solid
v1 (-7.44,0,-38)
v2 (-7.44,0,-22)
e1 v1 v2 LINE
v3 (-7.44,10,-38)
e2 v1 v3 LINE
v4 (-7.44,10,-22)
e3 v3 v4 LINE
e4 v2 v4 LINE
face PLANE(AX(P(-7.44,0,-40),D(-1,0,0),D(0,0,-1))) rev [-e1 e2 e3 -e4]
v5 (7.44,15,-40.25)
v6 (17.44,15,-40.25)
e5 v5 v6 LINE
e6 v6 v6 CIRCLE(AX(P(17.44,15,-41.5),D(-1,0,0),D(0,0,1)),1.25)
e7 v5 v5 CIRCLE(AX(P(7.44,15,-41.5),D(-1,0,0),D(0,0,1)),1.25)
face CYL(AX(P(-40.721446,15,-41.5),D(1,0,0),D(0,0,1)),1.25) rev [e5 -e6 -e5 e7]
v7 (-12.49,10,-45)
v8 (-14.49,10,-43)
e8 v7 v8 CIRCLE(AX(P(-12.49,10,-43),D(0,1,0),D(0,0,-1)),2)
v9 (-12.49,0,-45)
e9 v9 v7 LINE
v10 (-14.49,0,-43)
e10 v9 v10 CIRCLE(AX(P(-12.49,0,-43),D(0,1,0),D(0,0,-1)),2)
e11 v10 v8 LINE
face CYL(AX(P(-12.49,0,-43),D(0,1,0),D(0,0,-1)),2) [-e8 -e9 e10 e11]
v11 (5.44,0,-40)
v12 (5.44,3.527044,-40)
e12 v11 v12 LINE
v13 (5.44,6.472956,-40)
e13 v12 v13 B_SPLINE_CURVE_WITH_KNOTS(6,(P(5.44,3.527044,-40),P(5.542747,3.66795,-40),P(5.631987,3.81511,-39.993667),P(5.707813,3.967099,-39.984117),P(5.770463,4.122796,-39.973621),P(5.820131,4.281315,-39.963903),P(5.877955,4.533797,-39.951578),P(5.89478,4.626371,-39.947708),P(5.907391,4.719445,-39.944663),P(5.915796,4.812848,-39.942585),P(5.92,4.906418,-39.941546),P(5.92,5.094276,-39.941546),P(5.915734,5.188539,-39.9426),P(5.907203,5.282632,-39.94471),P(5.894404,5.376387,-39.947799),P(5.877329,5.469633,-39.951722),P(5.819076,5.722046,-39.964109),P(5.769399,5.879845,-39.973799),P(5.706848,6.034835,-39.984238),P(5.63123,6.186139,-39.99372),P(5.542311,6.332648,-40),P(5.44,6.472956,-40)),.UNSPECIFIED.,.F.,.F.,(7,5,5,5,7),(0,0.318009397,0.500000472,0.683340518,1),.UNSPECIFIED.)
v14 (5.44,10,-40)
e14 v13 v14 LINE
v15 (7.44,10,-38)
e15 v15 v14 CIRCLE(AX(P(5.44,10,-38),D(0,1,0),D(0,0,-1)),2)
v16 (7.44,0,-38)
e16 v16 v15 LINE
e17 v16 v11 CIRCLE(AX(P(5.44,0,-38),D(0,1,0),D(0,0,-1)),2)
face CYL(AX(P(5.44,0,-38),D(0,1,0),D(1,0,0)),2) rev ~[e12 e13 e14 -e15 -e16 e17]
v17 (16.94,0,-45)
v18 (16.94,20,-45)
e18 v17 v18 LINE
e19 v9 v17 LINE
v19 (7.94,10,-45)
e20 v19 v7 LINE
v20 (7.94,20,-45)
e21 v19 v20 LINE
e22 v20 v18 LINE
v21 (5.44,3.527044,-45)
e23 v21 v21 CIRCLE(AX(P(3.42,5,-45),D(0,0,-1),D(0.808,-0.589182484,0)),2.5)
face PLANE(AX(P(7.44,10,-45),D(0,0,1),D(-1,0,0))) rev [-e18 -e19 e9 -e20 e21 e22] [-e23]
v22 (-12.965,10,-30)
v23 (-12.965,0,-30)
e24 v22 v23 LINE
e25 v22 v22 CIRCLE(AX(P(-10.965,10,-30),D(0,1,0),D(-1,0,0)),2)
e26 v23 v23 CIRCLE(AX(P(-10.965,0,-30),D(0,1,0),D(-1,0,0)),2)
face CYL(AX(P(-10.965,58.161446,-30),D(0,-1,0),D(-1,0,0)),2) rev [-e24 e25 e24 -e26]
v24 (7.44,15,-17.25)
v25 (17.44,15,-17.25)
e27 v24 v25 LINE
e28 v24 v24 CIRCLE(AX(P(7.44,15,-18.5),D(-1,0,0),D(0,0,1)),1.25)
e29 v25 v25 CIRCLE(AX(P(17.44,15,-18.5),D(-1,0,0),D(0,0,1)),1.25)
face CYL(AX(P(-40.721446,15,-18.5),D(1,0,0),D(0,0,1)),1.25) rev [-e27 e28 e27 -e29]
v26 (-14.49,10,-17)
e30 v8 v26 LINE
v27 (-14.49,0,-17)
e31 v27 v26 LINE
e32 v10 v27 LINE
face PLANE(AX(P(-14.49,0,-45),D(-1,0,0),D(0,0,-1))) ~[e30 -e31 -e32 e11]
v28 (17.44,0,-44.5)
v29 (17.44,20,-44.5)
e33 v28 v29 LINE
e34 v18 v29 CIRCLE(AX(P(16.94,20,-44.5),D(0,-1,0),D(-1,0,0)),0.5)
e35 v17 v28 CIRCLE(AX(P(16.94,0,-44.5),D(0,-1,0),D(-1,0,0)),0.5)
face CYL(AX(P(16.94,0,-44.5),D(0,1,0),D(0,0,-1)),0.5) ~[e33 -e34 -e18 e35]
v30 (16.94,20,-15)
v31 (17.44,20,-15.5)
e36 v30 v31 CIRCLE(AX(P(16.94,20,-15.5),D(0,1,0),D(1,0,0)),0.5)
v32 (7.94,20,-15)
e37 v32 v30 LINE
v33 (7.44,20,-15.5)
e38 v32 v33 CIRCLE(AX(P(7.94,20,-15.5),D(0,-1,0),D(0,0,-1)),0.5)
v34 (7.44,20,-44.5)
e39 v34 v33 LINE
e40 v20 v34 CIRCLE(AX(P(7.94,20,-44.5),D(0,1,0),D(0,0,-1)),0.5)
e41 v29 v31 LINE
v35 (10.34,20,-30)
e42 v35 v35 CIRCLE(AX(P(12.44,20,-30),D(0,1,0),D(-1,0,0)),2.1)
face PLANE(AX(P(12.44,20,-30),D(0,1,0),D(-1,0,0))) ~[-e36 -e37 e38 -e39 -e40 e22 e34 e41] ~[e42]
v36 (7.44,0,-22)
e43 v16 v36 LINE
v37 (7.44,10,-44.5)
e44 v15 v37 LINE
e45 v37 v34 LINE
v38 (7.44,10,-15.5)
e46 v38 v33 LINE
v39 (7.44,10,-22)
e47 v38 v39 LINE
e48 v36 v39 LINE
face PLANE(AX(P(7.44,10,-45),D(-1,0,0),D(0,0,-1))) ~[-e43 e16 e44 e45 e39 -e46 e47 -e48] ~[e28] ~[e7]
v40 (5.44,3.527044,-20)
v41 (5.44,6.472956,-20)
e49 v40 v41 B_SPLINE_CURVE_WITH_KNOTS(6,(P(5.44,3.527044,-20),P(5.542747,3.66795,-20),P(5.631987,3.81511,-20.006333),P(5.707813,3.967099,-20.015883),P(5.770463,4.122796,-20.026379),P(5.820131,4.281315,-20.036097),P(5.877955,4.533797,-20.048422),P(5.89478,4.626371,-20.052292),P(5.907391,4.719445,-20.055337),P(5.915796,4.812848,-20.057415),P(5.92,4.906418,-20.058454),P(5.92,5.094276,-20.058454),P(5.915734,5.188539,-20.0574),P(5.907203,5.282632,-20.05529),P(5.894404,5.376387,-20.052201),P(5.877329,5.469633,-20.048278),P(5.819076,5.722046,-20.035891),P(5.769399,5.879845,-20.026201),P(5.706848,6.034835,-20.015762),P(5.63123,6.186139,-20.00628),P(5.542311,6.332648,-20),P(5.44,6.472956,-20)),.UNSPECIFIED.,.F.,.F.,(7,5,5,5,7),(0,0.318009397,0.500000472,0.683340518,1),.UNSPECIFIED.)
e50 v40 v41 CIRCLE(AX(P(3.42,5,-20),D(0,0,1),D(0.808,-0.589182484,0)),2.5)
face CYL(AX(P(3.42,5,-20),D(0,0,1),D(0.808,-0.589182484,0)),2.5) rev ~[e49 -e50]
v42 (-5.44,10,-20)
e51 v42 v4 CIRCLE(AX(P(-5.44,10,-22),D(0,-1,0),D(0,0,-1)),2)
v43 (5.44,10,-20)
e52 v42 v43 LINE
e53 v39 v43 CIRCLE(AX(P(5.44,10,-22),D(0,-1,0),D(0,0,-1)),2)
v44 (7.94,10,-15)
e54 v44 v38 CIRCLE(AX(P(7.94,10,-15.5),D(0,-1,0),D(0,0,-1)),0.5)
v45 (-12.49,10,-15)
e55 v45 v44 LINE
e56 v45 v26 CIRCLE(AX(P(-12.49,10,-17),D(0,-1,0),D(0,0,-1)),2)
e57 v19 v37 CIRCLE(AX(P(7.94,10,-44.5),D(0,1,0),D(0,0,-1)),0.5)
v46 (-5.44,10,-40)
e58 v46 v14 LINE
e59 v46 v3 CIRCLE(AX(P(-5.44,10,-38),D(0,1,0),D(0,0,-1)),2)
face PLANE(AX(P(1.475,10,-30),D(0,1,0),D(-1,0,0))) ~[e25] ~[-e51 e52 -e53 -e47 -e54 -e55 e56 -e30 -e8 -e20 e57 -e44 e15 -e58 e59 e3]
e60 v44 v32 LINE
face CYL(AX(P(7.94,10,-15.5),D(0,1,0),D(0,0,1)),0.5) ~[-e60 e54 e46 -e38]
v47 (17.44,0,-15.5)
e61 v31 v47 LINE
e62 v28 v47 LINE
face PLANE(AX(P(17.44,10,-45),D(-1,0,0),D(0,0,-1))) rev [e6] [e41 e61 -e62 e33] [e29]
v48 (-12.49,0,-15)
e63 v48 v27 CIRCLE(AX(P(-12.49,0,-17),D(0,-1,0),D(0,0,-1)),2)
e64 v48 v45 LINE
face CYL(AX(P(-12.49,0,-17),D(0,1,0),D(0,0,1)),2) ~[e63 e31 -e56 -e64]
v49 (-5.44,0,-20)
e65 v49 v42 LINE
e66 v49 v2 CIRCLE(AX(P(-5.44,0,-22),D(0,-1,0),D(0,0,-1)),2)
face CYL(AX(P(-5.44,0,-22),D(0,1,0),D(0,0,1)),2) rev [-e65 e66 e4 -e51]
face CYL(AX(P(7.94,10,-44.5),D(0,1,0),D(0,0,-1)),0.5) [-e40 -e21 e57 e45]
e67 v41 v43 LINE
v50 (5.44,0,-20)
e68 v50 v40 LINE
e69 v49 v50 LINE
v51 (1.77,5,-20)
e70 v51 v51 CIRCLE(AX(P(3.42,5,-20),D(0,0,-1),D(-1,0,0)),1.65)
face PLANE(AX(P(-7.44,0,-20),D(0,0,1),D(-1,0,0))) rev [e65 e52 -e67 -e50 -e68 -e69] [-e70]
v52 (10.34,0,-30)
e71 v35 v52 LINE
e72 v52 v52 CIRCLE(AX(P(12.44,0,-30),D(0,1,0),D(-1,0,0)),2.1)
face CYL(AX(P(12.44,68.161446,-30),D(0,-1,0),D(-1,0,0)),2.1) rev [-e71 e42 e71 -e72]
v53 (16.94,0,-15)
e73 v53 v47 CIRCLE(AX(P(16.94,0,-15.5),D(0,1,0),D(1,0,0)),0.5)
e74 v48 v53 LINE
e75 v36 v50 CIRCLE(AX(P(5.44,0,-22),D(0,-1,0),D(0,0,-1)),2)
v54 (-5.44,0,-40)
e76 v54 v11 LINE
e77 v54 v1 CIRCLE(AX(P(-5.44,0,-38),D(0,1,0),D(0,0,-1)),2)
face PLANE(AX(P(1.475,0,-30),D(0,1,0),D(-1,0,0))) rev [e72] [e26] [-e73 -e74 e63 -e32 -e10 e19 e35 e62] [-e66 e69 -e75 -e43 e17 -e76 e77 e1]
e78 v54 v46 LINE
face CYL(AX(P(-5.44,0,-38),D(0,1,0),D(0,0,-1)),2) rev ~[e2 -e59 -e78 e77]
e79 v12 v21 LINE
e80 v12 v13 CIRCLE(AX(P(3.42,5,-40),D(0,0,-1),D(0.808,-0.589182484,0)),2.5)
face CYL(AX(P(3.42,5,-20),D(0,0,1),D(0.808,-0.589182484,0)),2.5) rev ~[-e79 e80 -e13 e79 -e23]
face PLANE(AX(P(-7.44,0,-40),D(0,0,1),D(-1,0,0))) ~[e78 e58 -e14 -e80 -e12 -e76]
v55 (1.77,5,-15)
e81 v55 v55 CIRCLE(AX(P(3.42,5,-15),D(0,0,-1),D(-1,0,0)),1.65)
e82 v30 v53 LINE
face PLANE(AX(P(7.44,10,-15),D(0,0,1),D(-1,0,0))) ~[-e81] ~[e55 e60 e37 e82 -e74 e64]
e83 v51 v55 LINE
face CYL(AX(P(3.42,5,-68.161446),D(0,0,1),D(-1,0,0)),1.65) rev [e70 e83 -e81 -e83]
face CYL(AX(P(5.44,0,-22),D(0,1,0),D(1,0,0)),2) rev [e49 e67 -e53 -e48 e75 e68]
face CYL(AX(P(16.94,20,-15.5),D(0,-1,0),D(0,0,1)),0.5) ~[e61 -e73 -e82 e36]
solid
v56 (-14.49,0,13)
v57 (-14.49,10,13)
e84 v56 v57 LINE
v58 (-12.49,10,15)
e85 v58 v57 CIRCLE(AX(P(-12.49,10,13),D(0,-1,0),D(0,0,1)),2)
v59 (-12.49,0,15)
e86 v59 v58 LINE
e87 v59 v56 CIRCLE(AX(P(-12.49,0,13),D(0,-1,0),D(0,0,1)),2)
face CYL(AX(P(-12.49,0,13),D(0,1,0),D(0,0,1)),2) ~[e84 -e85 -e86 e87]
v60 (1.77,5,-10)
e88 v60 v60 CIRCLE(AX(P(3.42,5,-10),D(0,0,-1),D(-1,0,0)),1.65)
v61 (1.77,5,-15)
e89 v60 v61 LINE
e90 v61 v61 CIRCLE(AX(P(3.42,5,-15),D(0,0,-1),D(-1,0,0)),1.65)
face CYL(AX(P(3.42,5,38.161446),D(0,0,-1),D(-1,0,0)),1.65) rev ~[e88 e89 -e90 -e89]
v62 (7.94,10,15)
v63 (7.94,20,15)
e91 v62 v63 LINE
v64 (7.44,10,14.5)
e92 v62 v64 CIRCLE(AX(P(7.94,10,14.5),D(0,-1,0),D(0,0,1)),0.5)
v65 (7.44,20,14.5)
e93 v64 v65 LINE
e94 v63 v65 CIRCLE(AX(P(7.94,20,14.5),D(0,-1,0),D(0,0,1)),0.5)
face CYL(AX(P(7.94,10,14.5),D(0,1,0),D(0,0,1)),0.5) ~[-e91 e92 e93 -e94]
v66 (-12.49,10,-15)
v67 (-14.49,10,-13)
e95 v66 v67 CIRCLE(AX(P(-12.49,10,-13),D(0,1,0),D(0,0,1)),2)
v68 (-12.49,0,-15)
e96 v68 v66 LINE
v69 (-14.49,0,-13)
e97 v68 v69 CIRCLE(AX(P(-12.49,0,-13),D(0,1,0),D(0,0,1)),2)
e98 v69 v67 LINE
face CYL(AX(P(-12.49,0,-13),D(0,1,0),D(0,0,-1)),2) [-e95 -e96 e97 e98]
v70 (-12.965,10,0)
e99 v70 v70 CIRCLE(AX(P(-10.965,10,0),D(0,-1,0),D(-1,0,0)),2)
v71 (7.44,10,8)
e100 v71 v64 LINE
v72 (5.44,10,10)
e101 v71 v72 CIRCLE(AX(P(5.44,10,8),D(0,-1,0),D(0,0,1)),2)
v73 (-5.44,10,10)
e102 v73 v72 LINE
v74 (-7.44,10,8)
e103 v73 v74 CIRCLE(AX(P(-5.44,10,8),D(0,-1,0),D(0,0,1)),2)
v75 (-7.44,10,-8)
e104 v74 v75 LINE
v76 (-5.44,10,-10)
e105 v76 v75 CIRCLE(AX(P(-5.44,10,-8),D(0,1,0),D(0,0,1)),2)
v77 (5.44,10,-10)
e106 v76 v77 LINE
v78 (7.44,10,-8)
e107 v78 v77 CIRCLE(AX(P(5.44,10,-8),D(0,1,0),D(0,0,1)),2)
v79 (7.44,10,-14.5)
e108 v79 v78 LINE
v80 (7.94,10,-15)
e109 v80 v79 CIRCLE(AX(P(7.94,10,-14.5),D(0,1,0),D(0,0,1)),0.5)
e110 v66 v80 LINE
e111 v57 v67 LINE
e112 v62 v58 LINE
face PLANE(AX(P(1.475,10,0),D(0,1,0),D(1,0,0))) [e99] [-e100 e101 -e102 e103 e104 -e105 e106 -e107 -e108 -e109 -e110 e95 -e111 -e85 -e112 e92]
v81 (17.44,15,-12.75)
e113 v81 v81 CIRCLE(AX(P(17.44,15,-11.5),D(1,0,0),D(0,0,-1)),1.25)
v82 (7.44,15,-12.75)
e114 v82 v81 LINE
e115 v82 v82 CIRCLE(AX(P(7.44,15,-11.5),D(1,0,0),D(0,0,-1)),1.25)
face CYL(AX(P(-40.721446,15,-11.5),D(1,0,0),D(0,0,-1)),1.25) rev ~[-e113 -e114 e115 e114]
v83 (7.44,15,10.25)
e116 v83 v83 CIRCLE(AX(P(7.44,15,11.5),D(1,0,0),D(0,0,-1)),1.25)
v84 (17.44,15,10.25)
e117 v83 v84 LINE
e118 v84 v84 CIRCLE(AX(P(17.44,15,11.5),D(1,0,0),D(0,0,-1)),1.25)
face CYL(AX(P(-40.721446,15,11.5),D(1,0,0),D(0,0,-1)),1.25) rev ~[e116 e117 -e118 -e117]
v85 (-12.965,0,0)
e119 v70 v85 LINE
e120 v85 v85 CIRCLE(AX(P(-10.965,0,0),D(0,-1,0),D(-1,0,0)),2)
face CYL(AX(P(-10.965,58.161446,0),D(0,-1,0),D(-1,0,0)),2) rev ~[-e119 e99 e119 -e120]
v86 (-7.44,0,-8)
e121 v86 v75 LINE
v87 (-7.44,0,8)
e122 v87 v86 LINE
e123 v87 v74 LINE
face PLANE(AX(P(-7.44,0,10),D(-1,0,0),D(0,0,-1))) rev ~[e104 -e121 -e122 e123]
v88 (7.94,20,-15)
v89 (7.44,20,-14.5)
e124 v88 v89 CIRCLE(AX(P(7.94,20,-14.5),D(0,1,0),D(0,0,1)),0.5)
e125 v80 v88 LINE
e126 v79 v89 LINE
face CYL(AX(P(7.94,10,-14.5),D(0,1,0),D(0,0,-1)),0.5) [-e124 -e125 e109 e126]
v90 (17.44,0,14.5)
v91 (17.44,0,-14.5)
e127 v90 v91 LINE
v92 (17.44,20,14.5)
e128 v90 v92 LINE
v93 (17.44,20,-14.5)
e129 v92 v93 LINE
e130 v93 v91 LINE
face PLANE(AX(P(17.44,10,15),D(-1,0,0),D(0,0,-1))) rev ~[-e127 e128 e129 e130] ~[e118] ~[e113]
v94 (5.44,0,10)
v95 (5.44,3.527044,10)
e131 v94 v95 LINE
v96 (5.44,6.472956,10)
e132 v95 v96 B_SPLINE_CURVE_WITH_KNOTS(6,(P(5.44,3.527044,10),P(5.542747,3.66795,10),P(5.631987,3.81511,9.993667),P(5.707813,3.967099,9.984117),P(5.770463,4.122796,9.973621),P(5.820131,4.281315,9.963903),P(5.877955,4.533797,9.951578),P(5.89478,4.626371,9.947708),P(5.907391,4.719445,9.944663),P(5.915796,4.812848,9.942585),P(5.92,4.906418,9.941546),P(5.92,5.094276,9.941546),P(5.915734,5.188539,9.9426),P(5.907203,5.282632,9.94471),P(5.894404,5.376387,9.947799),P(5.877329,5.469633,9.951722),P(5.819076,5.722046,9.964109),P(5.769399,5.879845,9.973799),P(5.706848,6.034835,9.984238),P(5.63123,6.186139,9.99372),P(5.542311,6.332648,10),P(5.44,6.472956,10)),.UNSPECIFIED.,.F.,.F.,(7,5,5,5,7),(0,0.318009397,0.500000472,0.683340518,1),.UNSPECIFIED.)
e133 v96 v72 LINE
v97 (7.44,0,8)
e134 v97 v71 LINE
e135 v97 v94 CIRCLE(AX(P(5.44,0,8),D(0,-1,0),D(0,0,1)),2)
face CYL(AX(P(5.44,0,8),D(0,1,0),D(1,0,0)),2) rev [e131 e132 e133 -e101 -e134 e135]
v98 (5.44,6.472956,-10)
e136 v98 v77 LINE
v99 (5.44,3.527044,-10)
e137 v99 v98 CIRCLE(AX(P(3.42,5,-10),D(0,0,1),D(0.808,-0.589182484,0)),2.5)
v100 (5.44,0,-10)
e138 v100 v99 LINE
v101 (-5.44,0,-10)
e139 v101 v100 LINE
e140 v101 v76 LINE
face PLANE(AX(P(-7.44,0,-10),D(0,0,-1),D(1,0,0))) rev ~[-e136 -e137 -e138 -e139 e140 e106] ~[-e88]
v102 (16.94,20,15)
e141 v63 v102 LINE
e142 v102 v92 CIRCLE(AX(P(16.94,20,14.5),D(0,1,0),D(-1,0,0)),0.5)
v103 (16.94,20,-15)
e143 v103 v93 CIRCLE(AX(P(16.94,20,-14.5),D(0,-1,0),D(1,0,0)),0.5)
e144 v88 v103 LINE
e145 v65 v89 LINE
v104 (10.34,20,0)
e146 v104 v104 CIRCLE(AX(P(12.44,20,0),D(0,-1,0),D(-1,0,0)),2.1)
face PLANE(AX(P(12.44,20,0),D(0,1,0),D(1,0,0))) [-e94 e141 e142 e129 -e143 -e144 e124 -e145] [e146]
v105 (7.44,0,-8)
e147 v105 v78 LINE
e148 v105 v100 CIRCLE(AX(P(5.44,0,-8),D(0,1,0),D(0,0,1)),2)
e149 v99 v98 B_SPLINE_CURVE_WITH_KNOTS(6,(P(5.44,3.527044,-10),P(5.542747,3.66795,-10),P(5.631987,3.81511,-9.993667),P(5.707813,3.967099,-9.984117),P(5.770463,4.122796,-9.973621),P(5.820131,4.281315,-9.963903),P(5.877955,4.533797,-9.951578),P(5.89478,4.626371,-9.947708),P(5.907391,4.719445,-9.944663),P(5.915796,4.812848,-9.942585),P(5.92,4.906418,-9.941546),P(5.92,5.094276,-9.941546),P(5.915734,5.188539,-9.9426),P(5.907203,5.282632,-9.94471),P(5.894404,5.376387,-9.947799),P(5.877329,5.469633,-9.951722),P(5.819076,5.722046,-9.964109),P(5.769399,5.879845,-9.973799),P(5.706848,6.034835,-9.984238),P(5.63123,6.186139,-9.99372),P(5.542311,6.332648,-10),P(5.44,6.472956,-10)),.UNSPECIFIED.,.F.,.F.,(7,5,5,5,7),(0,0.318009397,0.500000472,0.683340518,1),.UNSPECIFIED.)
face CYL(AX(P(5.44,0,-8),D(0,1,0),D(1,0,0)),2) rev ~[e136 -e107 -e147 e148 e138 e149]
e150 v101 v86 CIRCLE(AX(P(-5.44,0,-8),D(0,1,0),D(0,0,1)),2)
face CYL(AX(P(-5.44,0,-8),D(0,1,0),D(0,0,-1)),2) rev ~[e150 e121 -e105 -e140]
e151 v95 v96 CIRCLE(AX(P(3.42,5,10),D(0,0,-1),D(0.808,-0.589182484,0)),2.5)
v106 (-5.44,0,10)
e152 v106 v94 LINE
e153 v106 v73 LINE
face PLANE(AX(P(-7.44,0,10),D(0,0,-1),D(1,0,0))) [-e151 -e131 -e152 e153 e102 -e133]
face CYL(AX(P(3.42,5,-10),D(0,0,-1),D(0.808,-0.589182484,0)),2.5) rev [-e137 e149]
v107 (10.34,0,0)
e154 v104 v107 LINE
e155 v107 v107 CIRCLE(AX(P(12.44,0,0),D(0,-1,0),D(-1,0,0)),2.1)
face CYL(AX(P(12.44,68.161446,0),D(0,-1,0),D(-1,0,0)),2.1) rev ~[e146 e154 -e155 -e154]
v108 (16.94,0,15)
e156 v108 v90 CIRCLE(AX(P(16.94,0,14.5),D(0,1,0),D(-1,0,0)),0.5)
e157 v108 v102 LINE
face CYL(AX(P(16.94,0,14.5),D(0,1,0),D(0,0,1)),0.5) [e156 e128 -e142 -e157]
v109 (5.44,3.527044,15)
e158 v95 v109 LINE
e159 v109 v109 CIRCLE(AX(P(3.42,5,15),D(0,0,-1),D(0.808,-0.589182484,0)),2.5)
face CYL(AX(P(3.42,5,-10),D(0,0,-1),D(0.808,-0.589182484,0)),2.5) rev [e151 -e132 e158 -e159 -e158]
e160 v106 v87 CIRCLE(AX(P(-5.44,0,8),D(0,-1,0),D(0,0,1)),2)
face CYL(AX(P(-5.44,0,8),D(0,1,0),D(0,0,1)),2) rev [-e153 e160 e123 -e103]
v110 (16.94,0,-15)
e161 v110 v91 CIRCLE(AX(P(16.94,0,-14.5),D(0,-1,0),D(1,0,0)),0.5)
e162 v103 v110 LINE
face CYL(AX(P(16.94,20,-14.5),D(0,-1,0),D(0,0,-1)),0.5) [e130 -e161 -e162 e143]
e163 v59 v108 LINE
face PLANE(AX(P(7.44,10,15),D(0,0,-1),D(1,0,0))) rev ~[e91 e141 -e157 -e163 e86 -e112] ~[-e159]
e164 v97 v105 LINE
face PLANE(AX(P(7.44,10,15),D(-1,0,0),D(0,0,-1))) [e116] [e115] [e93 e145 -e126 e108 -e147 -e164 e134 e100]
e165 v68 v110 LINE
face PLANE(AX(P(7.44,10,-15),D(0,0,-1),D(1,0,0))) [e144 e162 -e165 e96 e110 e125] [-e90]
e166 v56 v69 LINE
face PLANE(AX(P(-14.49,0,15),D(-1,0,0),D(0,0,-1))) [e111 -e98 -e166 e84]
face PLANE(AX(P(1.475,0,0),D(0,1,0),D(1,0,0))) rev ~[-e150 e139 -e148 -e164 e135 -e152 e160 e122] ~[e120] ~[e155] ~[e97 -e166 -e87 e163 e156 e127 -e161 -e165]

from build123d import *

# Parameters (mm, degrees)
SKETCH1_W                   = 31.93
SKETCH1_H                   = 30
SKETCH1_W_2                 = 14.88
SKETCH1_H_2                 = 20
BOSS_EXTRUDE1_DEPTH         = 10
SKETCH2_W                   = 10
SKETCH2_H                   = 30
BOSS_EXTRUDE2_DEPTH         = 10
TAP_DRILL_FOR_M5X0_8_TAP1_D = 4.2
FILLET2_R                   = 2
SKETCH5_R                   = 2.5
CUT_EXTRUDE2_DEPTH          = 37.457558887
TAP_DRILL_FOR_M4X0_7_TAP1_D = 3.3
FILLET3_R                   = 2
FILLET4_R                   = 0.5
TAP_DRILL_FOR_M3X0_5_TAP1_D = 2.5
F_4_0_4_DIAMETER_HOLE1_D    = 4


with BuildPart() as part:
    # Sketch1 → Boss-Extrude1 (new body)
    with BuildSketch(Plane(origin=(0, 0, 0), x_dir=(1, 0, 0), z_dir=(0, 1, 0))):
        with Locations((1.475, 0)):
            Rectangle(SKETCH1_W, SKETCH1_H)
        Rectangle(SKETCH1_W_2, SKETCH1_H_2, mode=Mode.SUBTRACT)
    extrude(amount=BOSS_EXTRUDE1_DEPTH)

    # Sketch2 → Boss-Extrude2 (add)
    with BuildSketch(Plane(origin=(0, 10, 0), x_dir=(1, 0, 0), z_dir=(0, 1, 0))):
        with Locations((12.44, 0)):
            Rectangle(SKETCH2_W, SKETCH2_H)
    extrude(amount=BOSS_EXTRUDE2_DEPTH)

    # Tap Drill for M5x0.8 Tap1 (through all)
    with Locations(Plane(origin=(0, 20, 0), x_dir=(1, 0, 0), z_dir=(0, 1, 0))):
        with Locations((12.44, 0)):
            Hole(TAP_DRILL_FOR_M5X0_8_TAP1_D / 2)

    # Fillet2
    fillet2_edges = [part.edges().sort_by_distance(p)[0] for p in [
        (-7.44, 5, -10),
        (-7.44, 5, 10),
        (7.44, 5, 10),
        (7.44, 5, -10),
    ]]
    fillet(fillet2_edges, radius=FILLET2_R)

    # Sketch5 → Cut-Extrude2 (cut, through all)
    with BuildSketch(Plane.XY.offset(-10)):
        with Locations(Location((3.42, 5, 0), (0, 0, 323.900983741))):
            Circle(SKETCH5_R)
    extrude(amount=CUT_EXTRUDE2_DEPTH, mode=Mode.SUBTRACT)

    # Tap Drill for M4x0.7 Tap1 (through all)
    with Locations(Plane.XY.offset(-10)):
        with Locations((3.42, 5)):
            Hole(TAP_DRILL_FOR_M4X0_7_TAP1_D / 2)

    # Fillet3
    fillet3_edges = [part.edges().sort_by_distance(p)[0] for p in [
        (-14.49, 5, -15),
        (-14.49, 5, 15),
    ]]
    fillet(fillet3_edges, radius=FILLET3_R)

    # Fillet4
    fillet4_edges = [part.edges().sort_by_distance(p)[0] for p in [
        (7.44, 15, -15),
        (7.44, 15, 15),
        (17.44, 10, -15),
        (17.44, 10, 15),
    ]]
    fillet(fillet4_edges, radius=FILLET4_R)

    # Tap Drill for M3x0.5 Tap1 (through all)
    with Locations(Plane.ZY.offset(-7.44)):
        with Locations((-11.5, 15), (11.5, 15)):
            Hole(TAP_DRILL_FOR_M3X0_5_TAP1_D / 2)

    # Ø4.0 (4) Diameter Hole1 (through all)
    with Locations(Plane(origin=(0, 10, 0), x_dir=(1, 0, 0), z_dir=(0, 1, 0))):
        with Locations((-10.965, 0)):
            Hole(F_4_0_4_DIAMETER_HOLE1_D / 2)


with BuildPart() as body_2:
    # Mirror1: mirrored copy
    add(part.part.mirror(Plane(origin=(17.44, 10, -15), x_dir=(1, 0, 0), z_dir=(0, 0, 1))))


solid = Compound([part.part, body_2.part])
